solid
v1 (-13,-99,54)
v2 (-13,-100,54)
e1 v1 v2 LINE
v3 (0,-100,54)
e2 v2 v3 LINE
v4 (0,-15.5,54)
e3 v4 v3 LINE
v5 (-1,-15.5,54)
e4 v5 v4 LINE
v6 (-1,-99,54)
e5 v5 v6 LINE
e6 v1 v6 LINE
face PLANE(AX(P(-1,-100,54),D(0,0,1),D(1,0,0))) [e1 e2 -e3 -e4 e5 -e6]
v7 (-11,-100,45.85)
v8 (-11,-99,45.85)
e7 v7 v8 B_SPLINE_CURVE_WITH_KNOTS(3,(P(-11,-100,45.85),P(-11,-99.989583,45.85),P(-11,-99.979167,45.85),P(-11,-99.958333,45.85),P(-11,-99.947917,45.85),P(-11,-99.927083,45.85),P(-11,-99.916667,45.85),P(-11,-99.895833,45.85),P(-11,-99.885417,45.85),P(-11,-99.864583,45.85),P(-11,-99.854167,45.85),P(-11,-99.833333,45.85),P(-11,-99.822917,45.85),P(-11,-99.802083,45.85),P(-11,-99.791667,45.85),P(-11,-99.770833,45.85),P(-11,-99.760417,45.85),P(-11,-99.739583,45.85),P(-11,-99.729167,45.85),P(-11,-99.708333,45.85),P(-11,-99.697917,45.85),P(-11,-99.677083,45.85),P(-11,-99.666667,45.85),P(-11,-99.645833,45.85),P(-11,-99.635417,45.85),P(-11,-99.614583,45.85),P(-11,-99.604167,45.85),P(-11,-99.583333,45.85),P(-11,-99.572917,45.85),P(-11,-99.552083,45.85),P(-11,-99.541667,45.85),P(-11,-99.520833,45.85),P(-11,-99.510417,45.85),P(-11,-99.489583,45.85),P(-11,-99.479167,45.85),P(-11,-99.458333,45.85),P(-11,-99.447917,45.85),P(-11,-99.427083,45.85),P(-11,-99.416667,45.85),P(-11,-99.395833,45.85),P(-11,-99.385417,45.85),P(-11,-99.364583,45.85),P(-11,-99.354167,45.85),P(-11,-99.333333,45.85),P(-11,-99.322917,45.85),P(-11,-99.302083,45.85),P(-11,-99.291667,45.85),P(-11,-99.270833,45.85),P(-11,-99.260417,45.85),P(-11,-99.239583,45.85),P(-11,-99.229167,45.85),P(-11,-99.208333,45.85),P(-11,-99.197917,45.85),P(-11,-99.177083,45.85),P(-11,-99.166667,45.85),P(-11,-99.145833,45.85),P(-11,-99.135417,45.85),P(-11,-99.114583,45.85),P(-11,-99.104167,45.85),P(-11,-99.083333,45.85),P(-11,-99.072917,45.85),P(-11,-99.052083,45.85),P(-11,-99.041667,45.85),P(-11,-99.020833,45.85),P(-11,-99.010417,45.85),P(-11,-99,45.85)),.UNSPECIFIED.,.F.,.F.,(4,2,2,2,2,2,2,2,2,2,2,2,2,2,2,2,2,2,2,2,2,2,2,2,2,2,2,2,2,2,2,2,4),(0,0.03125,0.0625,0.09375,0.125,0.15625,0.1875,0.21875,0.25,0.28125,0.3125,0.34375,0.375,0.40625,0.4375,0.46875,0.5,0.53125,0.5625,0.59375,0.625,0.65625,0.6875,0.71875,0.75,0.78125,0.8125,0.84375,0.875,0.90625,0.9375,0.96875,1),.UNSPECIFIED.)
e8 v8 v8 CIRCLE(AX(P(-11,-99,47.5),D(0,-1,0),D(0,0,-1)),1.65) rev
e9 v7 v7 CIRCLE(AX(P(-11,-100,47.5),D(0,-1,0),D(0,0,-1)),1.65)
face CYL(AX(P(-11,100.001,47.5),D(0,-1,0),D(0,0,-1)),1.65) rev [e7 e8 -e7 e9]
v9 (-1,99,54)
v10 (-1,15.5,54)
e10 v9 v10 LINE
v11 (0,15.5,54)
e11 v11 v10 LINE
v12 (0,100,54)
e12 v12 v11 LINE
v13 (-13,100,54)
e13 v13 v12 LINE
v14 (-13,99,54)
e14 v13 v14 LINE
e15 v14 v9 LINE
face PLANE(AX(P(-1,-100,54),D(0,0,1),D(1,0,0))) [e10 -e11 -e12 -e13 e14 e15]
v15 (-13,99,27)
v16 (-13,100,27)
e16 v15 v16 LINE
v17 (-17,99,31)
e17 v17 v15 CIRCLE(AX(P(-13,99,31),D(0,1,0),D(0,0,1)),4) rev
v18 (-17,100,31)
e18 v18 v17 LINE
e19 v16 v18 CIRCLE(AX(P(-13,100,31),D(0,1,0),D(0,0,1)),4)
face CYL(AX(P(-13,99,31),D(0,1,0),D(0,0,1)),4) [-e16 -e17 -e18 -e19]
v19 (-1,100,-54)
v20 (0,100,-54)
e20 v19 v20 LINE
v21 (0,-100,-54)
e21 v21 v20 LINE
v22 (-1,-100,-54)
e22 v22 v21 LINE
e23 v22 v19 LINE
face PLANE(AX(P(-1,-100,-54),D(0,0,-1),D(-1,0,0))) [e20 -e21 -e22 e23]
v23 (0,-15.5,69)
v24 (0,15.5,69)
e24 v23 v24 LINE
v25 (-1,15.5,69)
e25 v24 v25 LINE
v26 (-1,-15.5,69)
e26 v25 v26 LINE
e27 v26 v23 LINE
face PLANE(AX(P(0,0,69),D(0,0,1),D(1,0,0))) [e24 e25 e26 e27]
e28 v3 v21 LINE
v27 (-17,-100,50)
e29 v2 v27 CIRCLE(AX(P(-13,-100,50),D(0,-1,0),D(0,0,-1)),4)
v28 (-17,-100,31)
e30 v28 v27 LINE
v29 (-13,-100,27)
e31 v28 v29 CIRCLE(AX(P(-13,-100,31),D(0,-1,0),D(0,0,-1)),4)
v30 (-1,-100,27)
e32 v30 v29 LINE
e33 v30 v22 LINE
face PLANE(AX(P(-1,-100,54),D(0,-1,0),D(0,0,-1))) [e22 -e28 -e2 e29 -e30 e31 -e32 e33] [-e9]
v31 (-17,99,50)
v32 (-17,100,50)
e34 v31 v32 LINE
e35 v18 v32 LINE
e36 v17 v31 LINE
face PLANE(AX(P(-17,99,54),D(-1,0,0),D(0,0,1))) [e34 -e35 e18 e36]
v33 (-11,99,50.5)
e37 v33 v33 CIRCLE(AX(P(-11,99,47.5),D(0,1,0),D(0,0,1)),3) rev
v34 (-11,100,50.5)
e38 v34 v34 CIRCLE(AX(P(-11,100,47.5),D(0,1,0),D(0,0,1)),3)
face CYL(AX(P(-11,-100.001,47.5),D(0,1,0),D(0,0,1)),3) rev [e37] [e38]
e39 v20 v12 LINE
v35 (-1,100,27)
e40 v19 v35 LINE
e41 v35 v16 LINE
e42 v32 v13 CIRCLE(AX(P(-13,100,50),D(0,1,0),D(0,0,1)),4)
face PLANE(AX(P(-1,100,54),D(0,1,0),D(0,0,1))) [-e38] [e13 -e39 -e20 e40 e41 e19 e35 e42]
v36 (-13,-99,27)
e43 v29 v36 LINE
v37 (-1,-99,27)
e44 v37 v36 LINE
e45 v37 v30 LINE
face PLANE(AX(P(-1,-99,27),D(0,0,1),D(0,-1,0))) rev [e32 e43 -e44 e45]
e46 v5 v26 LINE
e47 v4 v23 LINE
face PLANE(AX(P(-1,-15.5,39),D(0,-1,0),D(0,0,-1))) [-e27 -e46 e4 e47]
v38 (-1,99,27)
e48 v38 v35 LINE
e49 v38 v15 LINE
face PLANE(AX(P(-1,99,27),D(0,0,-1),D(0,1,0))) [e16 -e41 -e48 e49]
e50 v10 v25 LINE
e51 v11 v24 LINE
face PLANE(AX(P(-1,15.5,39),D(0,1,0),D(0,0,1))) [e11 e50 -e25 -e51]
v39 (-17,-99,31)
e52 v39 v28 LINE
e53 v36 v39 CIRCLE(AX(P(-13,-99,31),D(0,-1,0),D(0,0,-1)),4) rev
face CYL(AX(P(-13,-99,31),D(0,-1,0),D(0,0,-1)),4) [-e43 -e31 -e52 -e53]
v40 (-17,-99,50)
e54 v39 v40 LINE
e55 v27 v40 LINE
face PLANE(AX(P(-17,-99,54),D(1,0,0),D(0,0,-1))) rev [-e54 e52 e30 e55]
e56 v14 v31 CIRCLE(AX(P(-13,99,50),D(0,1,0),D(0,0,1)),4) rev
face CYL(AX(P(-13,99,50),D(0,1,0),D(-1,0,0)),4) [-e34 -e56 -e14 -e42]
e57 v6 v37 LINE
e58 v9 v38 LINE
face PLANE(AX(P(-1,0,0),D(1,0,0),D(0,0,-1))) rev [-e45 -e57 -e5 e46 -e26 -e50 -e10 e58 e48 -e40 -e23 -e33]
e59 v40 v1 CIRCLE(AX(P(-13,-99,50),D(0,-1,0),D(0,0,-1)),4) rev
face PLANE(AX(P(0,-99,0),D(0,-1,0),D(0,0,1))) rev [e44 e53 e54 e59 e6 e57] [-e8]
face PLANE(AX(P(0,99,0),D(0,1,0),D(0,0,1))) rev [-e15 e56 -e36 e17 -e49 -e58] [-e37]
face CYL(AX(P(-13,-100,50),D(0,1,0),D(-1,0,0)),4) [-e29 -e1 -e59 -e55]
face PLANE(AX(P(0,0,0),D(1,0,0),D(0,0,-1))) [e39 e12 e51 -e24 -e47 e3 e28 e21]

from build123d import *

# Parameters (mm, degrees)
SKETCH1_W           = 200
SKETCH1_H           = 108
BOSS_EXTRUDE1_DEPTH = 1
SKETCH3_W           = 16
SKETCH3_H           = 27
BOSS_EXTRUDE2_DEPTH = 1
CUT_EXTRUDE1_REACH  = 209.858
SKETCH4_R           = 3
FILLET2_R           = 4
CUT_EXTRUDE2_REACH  = 209.858
SKETCH6_R           = 1.65
FILLET3_R           = 4
SKETCH7_W           = 1
SKETCH7_H           = 31
BOSS_EXTRUDE3_DEPTH = 15


with BuildPart() as part:
    # Sketch1 → Boss-Extrude1 (new body)
    with BuildSketch(Plane.YZ):
        Rectangle(SKETCH1_W, SKETCH1_H)
    extrude(amount=-BOSS_EXTRUDE1_DEPTH)

    # Sketch3 → Boss-Extrude2 (add)
    with BuildSketch(Plane(origin=(0, 100, 0), x_dir=(-1, 0, 0), z_dir=(0, 1, 0))):
        with Locations((9, 40.5)):
            Rectangle(SKETCH3_W, SKETCH3_H)
    boss_extrude2 = extrude(amount=-BOSS_EXTRUDE2_DEPTH)

    # Sketch4 → Cut-Extrude1 (cut, up to next)
    with BuildSketch(Plane(origin=(0, 100, 0), x_dir=(-1, 0, 0), z_dir=(0, 1, 0)), mode=Mode.PRIVATE) as cut_extrude1_sk1:
        with Locations(Location((11, 47.5, 0), (0, 0, 90))):
            Circle(SKETCH4_R)
    cut_extrude1_tool1 = extrude(cut_extrude1_sk1.sketch, amount=-CUT_EXTRUDE1_REACH, mode=Mode.PRIVATE) & part.part
    add(cut_extrude1_tool1.solids().sort_by_distance((-11, 100, 47.5))[0], mode=Mode.SUBTRACT)

    # Fillet2
    fillet2_edges = [part.edges().sort_by_distance(p)[0] for p in [
        (-17, 99.5, 54),
        (-17, 99.5, 27),
    ]]
    fillet(fillet2_edges, radius=FILLET2_R)

    # Mirror1: Boss-Extrude2 across plane
    add(boss_extrude2.mirror(Plane.ZX))

    # Sketch6 → Cut-Extrude2 (cut, up to next)
    with BuildSketch(Plane.XZ.offset(100), mode=Mode.PRIVATE) as cut_extrude2_sk1:
        with Locations(Location((-11, 47.5, 0), (0, 0, 270))):
            Circle(SKETCH6_R)
    cut_extrude2_tool1 = extrude(cut_extrude2_sk1.sketch, amount=-CUT_EXTRUDE2_REACH, mode=Mode.PRIVATE) & part.part
    add(cut_extrude2_tool1.solids().sort_by_distance((-11, -100, 47.5))[0], mode=Mode.SUBTRACT)

    # Fillet3
    fillet3_edges = [part.edges().sort_by_distance(p)[0] for p in [
        (-17, -99.5, 27),
        (-17, -99.5, 54),
    ]]
    fillet(fillet3_edges, radius=FILLET3_R)

    # Sketch7 → Boss-Extrude3 (add, symmetric)
    with BuildSketch(Plane.XY.offset(54)):
        with Locations((-0.5, 0)):
            Rectangle(SKETCH7_W, SKETCH7_H)
    extrude(amount=BOSS_EXTRUDE3_DEPTH, both=True)


solid = part.part
